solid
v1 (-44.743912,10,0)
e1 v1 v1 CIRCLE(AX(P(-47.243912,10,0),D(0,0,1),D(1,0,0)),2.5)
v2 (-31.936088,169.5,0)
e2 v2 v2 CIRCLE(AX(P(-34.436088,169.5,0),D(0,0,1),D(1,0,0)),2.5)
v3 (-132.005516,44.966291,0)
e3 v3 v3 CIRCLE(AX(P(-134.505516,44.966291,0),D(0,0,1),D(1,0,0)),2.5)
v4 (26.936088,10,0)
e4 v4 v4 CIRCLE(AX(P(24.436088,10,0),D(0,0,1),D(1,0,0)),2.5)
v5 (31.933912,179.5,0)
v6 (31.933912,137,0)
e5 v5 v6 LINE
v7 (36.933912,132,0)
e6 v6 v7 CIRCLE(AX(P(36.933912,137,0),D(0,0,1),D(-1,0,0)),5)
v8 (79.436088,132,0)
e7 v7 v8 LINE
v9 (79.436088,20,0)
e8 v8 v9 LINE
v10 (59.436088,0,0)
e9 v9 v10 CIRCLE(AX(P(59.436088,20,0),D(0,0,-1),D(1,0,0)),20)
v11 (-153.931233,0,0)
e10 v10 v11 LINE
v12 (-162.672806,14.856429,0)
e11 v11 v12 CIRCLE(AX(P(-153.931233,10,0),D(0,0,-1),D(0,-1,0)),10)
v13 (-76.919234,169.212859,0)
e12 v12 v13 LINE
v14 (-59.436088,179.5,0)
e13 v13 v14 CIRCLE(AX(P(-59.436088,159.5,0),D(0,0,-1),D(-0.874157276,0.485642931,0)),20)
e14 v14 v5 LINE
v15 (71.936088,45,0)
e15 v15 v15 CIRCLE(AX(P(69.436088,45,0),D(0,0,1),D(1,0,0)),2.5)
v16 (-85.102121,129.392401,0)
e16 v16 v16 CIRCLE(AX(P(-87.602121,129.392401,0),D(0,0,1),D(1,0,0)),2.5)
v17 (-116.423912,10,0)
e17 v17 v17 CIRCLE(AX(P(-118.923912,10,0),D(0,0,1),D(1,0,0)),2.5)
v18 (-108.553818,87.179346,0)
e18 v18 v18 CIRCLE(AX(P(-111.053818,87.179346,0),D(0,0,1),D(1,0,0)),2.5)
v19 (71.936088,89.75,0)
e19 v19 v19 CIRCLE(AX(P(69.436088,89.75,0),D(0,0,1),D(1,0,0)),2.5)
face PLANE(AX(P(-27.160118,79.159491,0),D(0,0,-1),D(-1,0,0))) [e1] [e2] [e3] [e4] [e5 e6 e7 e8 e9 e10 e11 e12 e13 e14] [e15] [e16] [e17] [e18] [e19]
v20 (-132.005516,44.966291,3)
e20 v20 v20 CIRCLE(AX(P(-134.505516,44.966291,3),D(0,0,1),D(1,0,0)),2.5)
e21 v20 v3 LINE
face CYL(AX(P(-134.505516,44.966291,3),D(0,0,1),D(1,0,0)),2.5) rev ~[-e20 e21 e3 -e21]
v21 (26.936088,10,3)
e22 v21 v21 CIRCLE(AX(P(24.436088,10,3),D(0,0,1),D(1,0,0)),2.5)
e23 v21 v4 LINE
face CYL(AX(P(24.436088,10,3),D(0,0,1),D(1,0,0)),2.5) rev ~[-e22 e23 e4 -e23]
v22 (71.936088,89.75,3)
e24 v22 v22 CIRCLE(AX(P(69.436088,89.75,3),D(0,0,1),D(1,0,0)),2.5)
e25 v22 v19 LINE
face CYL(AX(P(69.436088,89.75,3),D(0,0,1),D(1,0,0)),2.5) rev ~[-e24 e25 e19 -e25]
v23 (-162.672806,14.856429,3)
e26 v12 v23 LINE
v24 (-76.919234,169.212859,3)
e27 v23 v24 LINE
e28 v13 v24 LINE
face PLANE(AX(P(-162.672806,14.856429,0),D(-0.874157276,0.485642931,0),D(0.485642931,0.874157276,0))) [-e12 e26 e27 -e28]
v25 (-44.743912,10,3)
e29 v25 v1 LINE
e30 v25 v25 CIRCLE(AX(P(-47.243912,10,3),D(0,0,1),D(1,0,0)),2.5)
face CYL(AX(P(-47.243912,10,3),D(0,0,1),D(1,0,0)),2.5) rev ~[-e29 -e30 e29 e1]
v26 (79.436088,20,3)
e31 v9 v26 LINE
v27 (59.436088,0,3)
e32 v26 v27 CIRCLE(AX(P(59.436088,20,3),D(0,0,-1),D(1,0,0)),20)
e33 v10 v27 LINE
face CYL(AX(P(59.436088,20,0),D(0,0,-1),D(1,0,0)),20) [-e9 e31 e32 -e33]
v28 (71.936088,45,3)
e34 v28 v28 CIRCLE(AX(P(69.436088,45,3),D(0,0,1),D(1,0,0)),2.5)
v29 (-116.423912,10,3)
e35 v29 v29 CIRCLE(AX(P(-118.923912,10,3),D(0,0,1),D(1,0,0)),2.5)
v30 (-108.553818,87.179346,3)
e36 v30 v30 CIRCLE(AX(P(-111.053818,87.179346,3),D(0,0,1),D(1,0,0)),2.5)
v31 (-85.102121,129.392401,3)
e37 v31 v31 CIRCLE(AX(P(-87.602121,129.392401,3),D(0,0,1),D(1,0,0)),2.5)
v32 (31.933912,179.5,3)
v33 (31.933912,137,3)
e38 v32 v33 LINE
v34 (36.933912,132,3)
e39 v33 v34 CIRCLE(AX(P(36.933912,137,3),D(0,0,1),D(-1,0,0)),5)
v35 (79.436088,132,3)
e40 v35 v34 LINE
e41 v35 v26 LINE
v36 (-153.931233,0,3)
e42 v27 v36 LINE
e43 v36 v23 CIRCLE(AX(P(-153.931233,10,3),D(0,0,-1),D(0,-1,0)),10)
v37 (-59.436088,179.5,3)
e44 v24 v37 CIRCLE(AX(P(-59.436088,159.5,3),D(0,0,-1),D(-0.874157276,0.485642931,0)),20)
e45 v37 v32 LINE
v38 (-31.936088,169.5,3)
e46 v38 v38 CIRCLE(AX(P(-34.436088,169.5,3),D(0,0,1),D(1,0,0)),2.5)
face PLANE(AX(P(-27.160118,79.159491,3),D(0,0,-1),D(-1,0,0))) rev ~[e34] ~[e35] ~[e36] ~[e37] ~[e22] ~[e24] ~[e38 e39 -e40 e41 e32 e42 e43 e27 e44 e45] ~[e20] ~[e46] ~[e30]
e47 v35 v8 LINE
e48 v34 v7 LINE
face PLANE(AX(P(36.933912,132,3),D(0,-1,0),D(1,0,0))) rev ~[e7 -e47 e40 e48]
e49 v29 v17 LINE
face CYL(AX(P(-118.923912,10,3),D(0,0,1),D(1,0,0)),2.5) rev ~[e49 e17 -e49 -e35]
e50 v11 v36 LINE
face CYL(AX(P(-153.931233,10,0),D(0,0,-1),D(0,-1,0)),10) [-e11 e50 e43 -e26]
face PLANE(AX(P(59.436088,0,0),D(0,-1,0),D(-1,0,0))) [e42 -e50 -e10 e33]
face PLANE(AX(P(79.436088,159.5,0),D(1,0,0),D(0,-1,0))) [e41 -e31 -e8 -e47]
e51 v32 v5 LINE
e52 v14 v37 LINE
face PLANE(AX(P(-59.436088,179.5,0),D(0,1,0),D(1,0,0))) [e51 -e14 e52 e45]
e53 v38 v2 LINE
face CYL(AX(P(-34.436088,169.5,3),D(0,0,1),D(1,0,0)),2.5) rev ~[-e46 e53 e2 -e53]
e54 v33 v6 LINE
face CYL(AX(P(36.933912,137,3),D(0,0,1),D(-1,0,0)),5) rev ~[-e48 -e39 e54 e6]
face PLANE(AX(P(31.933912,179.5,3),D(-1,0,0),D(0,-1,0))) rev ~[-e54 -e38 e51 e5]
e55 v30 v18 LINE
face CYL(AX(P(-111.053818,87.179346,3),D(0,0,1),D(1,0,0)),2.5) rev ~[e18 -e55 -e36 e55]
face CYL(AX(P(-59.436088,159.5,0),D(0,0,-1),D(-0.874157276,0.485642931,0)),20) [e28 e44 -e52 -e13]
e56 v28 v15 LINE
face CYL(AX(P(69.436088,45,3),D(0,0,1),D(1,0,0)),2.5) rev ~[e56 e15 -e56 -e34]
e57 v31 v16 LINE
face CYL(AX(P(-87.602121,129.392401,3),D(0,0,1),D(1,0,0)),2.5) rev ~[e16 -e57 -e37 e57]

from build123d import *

# Parameters (mm, degrees)
BOSS_EXTRUDE1_DEPTH = 3
CUT_EXTRUDE1_REACH  = 245.11
SKETCH2_R           = 2.5
CUT_EXTRUDE2_DEPTH  = 244.110466883


with BuildPart() as part:
    # Sketch1 → Boss-Extrude1 (new body)
    with BuildSketch(Plane.XY):
        with BuildLine():
            Line((-59.436088262, 179.5), (59.436088262, 179.5))
            ThreePointArc((59.436088262, 179.5), (73.578223886, 173.642135624), (79.436088262, 159.5))
            Line((79.436088262, 159.5), (79.436088262, 20))
            ThreePointArc((79.436088262, 20), (73.578223886, 5.857864376), (59.436088262, 0))
            Line((59.436088262, 0), (-153.931232863, 0))
            ThreePointArc((-153.931232863, 0), (-162.549941964, 4.928722701), (-162.672805625, 14.856429312))
            Line((-162.672805625, 14.856429312), (-76.919233785, 169.212858624))
            ThreePointArc((-76.919233785, 169.212858624), (-69.57864286, 176.737418201), (-59.436088262, 179.5))
        make_face()
    extrude(amount=BOSS_EXTRUDE1_DEPTH)

    # Sketch2 → Cut-Extrude1 (cut, up to next)
    with BuildSketch(Plane.XY.offset(3), mode=Mode.PRIVATE) as cut_extrude1_sk1:
        with Locations((-34.436088262, 169.5)):
            Circle(SKETCH2_R)
    cut_extrude1_tool1 = extrude(cut_extrude1_sk1.sketch, amount=-CUT_EXTRUDE1_REACH, mode=Mode.PRIVATE) & part.part
    # Sketch2 → Cut-Extrude1 (cut, up to next)
    with BuildSketch(Plane.XY.offset(3), mode=Mode.PRIVATE) as cut_extrude1_sk2:
        with Locations((34.433911738, 169.5)):
            Circle(SKETCH2_R)
    cut_extrude1_tool2 = extrude(cut_extrude1_sk2.sketch, amount=-CUT_EXTRUDE1_REACH, mode=Mode.PRIVATE) & part.part
    # Sketch2 → Cut-Extrude1 (cut, up to next)
    with BuildSketch(Plane.XY.offset(3), mode=Mode.PRIVATE) as cut_extrude1_sk3:
        with Locations((69.436088262, 134.5)):
            Circle(SKETCH2_R)
    cut_extrude1_tool3 = extrude(cut_extrude1_sk3.sketch, amount=-CUT_EXTRUDE1_REACH, mode=Mode.PRIVATE) & part.part
    # Sketch2 → Cut-Extrude1 (cut, up to next)
    with BuildSketch(Plane.XY.offset(3), mode=Mode.PRIVATE) as cut_extrude1_sk4:
        with Locations((69.436088262, 89.75)):
            Circle(SKETCH2_R)
    cut_extrude1_tool4 = extrude(cut_extrude1_sk4.sketch, amount=-CUT_EXTRUDE1_REACH, mode=Mode.PRIVATE) & part.part
    # Sketch2 → Cut-Extrude1 (cut, up to next)
    with BuildSketch(Plane.XY.offset(3), mode=Mode.PRIVATE) as cut_extrude1_sk5:
        with Locations((69.436088262, 45)):
            Circle(SKETCH2_R)
    cut_extrude1_tool5 = extrude(cut_extrude1_sk5.sketch, amount=-CUT_EXTRUDE1_REACH, mode=Mode.PRIVATE) & part.part
    # Sketch2 → Cut-Extrude1 (cut, up to next)
    with BuildSketch(Plane.XY.offset(3), mode=Mode.PRIVATE) as cut_extrude1_sk6:
        with Locations((24.436088262, 10)):
            Circle(SKETCH2_R)
    cut_extrude1_tool6 = extrude(cut_extrude1_sk6.sketch, amount=-CUT_EXTRUDE1_REACH, mode=Mode.PRIVATE) & part.part
    # Sketch2 → Cut-Extrude1 (cut, up to next)
    with BuildSketch(Plane.XY.offset(3), mode=Mode.PRIVATE) as cut_extrude1_sk7:
        with Locations((-47.243911738, 10)):
            Circle(SKETCH2_R)
    cut_extrude1_tool7 = extrude(cut_extrude1_sk7.sketch, amount=-CUT_EXTRUDE1_REACH, mode=Mode.PRIVATE) & part.part
    # Sketch2 → Cut-Extrude1 (cut, up to next)
    with BuildSketch(Plane.XY.offset(3), mode=Mode.PRIVATE) as cut_extrude1_sk8:
        with Locations((-118.923911738, 10)):
            Circle(SKETCH2_R)
    cut_extrude1_tool8 = extrude(cut_extrude1_sk8.sketch, amount=-CUT_EXTRUDE1_REACH, mode=Mode.PRIVATE) & part.part
    # Sketch2 → Cut-Extrude1 (cut, up to next)
    with BuildSketch(Plane.XY.offset(3), mode=Mode.PRIVATE) as cut_extrude1_sk9:
        with Locations((-134.505515616, 44.966291045)):
            Circle(SKETCH2_R)
    cut_extrude1_tool9 = extrude(cut_extrude1_sk9.sketch, amount=-CUT_EXTRUDE1_REACH, mode=Mode.PRIVATE) & part.part
    # Sketch2 → Cut-Extrude1 (cut, up to next)
    with BuildSketch(Plane.XY.offset(3), mode=Mode.PRIVATE) as cut_extrude1_sk10:
        with Locations((-87.602121323, 129.392400773)):
            Circle(SKETCH2_R)
    cut_extrude1_tool10 = extrude(cut_extrude1_sk10.sketch, amount=-CUT_EXTRUDE1_REACH, mode=Mode.PRIVATE) & part.part
    # Sketch2 → Cut-Extrude1 (cut, up to next)
    with BuildSketch(Plane.XY.offset(3), mode=Mode.PRIVATE) as cut_extrude1_sk11:
        with Locations((-111.05381847, 87.179345909)):
            Circle(SKETCH2_R)
    cut_extrude1_tool11 = extrude(cut_extrude1_sk11.sketch, amount=-CUT_EXTRUDE1_REACH, mode=Mode.PRIVATE) & part.part
    add(cut_extrude1_tool1.solids().sort_by_distance((-34.436088, 169.5, 3))[0], mode=Mode.SUBTRACT)
    add(cut_extrude1_tool2.solids().sort_by_distance((34.433912, 169.5, 3))[0], mode=Mode.SUBTRACT)
    add(cut_extrude1_tool3.solids().sort_by_distance((69.436088, 134.5, 3))[0], mode=Mode.SUBTRACT)
    add(cut_extrude1_tool4.solids().sort_by_distance((69.436088, 89.75, 3))[0], mode=Mode.SUBTRACT)
    add(cut_extrude1_tool5.solids().sort_by_distance((69.436088, 45, 3))[0], mode=Mode.SUBTRACT)
    add(cut_extrude1_tool6.solids().sort_by_distance((24.436088, 10, 3))[0], mode=Mode.SUBTRACT)
    add(cut_extrude1_tool7.solids().sort_by_distance((-47.243912, 10, 3))[0], mode=Mode.SUBTRACT)
    add(cut_extrude1_tool8.solids().sort_by_distance((-118.923912, 10, 3))[0], mode=Mode.SUBTRACT)
    add(cut_extrude1_tool9.solids().sort_by_distance((-134.505516, 44.966291, 3))[0], mode=Mode.SUBTRACT)
    add(cut_extrude1_tool10.solids().sort_by_distance((-87.602121, 129.392401, 3))[0], mode=Mode.SUBTRACT)
    add(cut_extrude1_tool11.solids().sort_by_distance((-111.053818, 87.179346, 3))[0], mode=Mode.SUBTRACT)

    # Sketch3 → Cut-Extrude2 (cut, through all)
    with BuildSketch(Plane.XY.offset(3)):
        with BuildLine():
            Line((31.933911738, 179.5), (31.933911738, 137))
            ThreePointArc((31.933911738, 137), (33.398377832, 133.464466094), (36.933911738, 132))
            Line((36.933911738, 132), (79.436088262, 132))
            Line((79.436088262, 132), (79.436088262, 159.5))
            ThreePointArc((79.436088262, 159.5), (73.578223886, 173.642135624), (59.436088262, 179.5))
            Line((59.436088262, 179.5), (31.933911738, 179.5))
        make_face()
    extrude(amount=-CUT_EXTRUDE2_DEPTH, mode=Mode.SUBTRACT)


solid = part.part
